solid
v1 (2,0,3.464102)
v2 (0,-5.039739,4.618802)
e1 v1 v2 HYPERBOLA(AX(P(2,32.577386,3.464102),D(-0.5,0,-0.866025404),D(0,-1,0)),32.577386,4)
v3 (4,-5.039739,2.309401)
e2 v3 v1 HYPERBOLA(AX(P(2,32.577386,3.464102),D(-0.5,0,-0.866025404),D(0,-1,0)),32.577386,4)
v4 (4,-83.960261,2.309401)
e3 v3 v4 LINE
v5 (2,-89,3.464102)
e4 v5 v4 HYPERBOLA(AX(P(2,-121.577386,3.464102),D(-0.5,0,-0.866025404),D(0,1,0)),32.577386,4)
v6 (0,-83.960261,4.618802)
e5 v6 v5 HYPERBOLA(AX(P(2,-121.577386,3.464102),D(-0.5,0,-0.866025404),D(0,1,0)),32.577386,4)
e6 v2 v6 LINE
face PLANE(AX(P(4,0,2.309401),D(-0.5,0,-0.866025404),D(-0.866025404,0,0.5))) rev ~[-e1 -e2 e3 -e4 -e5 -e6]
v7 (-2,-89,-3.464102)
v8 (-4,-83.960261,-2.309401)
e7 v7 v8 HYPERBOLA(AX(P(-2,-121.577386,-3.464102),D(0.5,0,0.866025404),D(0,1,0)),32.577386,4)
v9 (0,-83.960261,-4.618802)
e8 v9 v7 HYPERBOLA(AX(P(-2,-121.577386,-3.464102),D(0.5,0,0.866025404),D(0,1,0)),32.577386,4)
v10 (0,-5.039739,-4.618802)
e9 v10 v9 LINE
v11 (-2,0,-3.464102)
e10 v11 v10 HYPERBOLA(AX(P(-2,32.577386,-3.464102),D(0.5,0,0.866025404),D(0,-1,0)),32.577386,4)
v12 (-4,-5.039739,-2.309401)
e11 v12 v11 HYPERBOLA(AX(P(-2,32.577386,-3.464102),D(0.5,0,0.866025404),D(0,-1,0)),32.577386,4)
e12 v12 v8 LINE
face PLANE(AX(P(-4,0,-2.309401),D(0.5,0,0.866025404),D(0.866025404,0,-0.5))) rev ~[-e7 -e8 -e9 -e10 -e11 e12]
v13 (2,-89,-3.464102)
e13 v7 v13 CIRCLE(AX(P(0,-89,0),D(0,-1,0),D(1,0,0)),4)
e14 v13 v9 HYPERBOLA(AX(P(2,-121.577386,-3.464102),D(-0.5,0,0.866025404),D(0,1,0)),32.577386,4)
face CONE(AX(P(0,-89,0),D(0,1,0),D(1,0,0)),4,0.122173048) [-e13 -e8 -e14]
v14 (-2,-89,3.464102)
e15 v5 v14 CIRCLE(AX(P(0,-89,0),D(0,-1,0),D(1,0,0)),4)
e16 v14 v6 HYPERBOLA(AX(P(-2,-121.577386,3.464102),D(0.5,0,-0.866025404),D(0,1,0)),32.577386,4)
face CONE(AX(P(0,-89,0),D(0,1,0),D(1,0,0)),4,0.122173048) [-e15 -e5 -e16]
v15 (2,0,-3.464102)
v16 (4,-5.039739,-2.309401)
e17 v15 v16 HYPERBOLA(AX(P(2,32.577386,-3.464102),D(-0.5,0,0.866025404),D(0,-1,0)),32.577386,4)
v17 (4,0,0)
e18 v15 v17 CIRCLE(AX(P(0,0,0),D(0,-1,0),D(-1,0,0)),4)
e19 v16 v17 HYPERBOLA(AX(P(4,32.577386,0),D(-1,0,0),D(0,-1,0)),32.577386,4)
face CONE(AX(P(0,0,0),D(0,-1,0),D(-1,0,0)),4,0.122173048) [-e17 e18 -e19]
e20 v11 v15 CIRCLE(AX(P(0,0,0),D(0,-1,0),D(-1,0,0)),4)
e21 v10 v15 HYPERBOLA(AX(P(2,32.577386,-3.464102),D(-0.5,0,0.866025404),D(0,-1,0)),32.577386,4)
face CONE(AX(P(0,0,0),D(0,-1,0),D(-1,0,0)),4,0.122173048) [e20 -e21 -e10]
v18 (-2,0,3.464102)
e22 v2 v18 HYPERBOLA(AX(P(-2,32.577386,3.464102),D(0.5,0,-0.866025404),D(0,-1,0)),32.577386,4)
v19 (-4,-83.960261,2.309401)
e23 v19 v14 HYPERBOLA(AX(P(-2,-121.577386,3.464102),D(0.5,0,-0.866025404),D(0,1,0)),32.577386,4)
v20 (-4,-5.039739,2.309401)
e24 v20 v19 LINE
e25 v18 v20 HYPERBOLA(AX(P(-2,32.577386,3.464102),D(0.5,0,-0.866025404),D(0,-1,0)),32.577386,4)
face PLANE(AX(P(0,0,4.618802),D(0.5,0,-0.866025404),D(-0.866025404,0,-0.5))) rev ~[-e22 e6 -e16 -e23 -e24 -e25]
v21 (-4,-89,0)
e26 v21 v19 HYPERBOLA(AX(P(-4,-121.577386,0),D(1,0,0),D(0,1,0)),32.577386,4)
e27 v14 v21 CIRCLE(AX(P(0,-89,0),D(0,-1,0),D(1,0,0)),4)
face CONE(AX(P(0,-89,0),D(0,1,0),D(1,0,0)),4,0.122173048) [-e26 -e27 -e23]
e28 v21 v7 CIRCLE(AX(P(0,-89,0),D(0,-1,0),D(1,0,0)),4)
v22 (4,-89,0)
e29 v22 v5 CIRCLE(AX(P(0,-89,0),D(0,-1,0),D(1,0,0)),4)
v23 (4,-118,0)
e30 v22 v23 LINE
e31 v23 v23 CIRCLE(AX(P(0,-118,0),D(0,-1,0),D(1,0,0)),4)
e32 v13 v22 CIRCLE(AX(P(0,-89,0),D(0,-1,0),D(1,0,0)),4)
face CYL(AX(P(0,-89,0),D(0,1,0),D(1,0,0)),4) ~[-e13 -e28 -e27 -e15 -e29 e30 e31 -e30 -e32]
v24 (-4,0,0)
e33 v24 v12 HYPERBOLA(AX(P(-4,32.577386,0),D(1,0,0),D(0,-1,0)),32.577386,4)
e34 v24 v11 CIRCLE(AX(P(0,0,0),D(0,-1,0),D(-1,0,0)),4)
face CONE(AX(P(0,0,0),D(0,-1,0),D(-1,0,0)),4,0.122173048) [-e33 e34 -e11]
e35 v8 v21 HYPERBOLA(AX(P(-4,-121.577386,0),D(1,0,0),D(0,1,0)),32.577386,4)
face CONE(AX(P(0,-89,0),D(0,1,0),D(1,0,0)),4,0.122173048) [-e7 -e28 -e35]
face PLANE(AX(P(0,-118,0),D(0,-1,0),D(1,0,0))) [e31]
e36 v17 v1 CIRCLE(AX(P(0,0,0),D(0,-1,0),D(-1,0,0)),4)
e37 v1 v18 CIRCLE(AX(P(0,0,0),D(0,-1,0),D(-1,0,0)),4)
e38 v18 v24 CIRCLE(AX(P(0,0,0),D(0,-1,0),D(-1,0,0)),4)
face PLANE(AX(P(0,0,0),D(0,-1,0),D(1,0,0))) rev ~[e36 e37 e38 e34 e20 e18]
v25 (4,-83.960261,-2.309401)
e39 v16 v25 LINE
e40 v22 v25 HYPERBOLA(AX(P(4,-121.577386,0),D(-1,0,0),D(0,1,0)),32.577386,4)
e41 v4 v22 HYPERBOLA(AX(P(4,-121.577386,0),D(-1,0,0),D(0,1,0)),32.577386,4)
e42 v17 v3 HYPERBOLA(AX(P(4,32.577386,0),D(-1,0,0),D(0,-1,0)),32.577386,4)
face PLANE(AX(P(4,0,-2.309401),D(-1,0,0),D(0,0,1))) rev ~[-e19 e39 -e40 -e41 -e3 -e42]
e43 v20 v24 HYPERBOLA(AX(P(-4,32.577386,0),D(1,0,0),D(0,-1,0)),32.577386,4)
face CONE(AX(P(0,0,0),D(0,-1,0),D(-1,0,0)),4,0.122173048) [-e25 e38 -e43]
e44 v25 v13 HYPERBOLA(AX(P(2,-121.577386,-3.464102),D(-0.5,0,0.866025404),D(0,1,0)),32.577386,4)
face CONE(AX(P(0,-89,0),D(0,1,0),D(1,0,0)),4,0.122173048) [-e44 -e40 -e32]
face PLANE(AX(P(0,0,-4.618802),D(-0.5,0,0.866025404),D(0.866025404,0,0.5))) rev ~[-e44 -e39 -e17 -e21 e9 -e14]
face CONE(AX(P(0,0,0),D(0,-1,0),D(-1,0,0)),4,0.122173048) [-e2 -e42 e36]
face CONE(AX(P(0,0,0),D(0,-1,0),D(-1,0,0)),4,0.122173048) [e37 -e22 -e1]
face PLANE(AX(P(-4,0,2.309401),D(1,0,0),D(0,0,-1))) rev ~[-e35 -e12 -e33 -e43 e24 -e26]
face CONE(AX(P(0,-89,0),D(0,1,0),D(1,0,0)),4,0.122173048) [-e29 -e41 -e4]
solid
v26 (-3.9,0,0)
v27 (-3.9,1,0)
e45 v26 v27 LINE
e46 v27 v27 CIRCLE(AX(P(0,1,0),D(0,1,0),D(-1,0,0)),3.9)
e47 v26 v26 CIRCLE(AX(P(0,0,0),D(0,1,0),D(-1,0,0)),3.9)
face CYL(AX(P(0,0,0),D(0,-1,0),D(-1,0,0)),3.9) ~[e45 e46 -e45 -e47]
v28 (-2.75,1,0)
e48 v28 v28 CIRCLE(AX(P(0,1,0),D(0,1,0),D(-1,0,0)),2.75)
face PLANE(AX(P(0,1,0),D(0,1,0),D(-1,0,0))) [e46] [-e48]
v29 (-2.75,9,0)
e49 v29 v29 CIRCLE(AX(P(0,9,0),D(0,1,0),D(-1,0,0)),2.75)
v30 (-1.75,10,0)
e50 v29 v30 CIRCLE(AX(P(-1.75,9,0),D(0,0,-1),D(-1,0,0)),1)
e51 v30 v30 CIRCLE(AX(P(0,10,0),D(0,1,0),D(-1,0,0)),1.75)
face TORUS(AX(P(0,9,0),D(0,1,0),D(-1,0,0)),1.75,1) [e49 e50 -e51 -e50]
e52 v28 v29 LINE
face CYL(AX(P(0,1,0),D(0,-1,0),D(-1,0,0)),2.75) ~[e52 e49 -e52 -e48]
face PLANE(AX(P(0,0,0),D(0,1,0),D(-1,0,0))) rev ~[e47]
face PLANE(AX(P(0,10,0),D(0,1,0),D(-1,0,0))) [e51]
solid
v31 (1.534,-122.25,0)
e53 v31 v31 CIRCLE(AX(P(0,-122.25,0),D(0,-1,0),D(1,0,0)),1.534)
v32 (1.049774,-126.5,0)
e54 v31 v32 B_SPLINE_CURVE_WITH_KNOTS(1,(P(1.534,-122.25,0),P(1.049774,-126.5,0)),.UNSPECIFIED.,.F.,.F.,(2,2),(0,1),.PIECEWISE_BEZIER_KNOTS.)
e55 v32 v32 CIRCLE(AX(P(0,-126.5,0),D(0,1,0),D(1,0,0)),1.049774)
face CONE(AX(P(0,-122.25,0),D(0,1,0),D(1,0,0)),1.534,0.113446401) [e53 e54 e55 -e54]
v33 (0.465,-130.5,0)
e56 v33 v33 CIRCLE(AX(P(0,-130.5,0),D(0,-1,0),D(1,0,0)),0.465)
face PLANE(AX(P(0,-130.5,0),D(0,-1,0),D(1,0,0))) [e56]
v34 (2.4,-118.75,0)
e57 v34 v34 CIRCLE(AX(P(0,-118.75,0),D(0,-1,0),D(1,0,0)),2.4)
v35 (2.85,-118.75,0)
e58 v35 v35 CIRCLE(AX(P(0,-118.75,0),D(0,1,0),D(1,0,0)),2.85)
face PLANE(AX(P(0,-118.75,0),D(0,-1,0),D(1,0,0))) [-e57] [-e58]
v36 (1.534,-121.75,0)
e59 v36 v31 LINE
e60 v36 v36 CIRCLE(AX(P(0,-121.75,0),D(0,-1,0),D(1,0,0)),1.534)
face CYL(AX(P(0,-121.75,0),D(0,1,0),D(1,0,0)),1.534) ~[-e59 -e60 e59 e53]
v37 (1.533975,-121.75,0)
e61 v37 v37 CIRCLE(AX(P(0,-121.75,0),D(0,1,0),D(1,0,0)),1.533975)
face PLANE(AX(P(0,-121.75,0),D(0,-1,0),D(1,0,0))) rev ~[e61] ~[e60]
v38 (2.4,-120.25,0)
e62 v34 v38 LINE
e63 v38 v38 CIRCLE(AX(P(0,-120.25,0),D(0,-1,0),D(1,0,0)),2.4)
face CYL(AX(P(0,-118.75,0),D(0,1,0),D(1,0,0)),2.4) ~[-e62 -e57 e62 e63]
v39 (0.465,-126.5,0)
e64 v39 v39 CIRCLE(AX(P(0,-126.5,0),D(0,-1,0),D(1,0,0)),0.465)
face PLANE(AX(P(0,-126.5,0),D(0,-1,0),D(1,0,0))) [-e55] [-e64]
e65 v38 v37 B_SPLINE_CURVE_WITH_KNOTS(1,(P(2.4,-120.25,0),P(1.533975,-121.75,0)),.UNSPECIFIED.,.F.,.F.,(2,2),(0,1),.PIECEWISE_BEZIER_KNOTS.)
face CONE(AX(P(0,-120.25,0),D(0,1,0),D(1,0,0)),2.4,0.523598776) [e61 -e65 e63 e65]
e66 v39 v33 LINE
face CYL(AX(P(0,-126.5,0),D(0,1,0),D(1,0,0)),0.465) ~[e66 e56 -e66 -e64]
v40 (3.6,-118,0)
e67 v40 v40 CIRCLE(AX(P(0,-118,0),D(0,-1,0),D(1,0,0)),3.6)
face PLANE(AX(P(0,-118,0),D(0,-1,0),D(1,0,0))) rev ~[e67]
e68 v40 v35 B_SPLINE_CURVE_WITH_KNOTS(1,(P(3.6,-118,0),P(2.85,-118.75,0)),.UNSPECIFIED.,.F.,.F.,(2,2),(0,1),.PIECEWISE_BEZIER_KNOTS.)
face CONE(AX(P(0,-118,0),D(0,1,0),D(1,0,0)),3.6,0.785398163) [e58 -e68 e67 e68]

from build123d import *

# Parameters (mm, degrees)
F1_DEPTH  = 89
F2_R      = 4
F3_DEPTH  = 29
F4_R      = 6
F4_R_2    = 4
F5_DEPTH  = 5.2
F5_TAPER  = 7
F6_R      = 6
F6_R_2    = 4
F7_DEPTH  = 5.2
F7_TAPER  = 7
F8_R      = 3.6
F9_DEPTH  = 0.75
F9_TAPER  = 45
F10_R     = 2.4
F11_DEPTH = 1.5
F12_R     = 2.4
F13_DEPTH = 1.5
F13_TAPER = 30
F14_R     = 1.534
F15_DEPTH = 0.5
F16_R     = 1.534
F17_DEPTH = 4.25
F17_TAPER = 6.5
F18_R     = 0.465
F19_DEPTH = 4
F20_R     = 3.9
F21_DEPTH = 1
F22_R     = 2.75
F23_DEPTH = 9
F24_R     = 1


with BuildPart() as f1:
    # F0 (on Front) → F1 (new body)
    with BuildSketch(Plane.XZ):
        Polygon((4, -2.3094010768), (4, 2.3094010768), (0, 4.6188021535), (-4, 2.3094010768), (-4, -2.3094010768), (0, -4.6188021535), align=None)
    extrude(amount=F1_DEPTH)

    # F2 (on face) → F3 (join)
    with BuildSketch(Plane.XZ.offset(89)):
        Circle(F2_R)
    extrude(amount=F3_DEPTH)

    # F4 (on face) → F5 (cut)
    with BuildSketch(Plane.XZ.offset(89)):
        Circle(F4_R)
        Circle(F4_R_2, mode=Mode.SUBTRACT)
    extrude(amount=-F5_DEPTH, taper=F5_TAPER, mode=Mode.SUBTRACT)

    # F6 (on face) → F7 (cut)
    with BuildSketch(Plane(origin=(0, 0, 0), x_dir=(-1, 0, 0), z_dir=(0, 1, 0))):
        Circle(F6_R)
        Circle(F6_R_2, mode=Mode.SUBTRACT)
    extrude(amount=-F7_DEPTH, taper=F7_TAPER, mode=Mode.SUBTRACT)


with BuildPart() as f9:
    # F8 (on face) → F9 (new body)
    with BuildSketch(Plane.XZ.offset(118)):
        Circle(F8_R)
    extrude(amount=F9_DEPTH, taper=F9_TAPER)

    # F10 (on face) → F11 (join)
    with BuildSketch(Plane.XZ.offset(118.75)):
        Circle(F10_R)
    extrude(amount=F11_DEPTH)

    # F12 (on face) → F13 (join)
    with BuildSketch(Plane.XZ.offset(120.25)):
        Circle(F12_R)
    extrude(amount=F13_DEPTH, taper=F13_TAPER)

    # F14 (on face) → F15 (join)
    with BuildSketch(Plane.XZ.offset(121.75)):
        Circle(F14_R)
    extrude(amount=F15_DEPTH)

    # F16 (on face) → F17 (join)
    with BuildSketch(Plane.XZ.offset(122.25)):
        Circle(F16_R)
    extrude(amount=F17_DEPTH, taper=F17_TAPER)

    # F18 (on face) → F19 (join)
    with BuildSketch(Plane.XZ.offset(126.5)):
        Circle(F18_R)
    extrude(amount=F19_DEPTH)


with BuildPart() as f21:
    # F20 (on face) → F21 (new body)
    with BuildSketch(Plane(origin=(0, 0, 0), x_dir=(-1, 0, 0), z_dir=(0, 1, 0))):
        Circle(F20_R)
    extrude(amount=F21_DEPTH)

    # F22 (on face) → F23 (join)
    with BuildSketch(Plane(origin=(0, 1, 0), x_dir=(-1, 0, 0), z_dir=(0, 1, 0))):
        Circle(F22_R)
    extrude(amount=F23_DEPTH)

    # F24
    f24_edges = [f21.edges().sort_by_distance(p)[0] for p in [
        (2.75, 10, 0),
    ]]
    fillet(f24_edges, radius=F24_R)


solid = Compound([f1.part, f9.part, f21.part])
